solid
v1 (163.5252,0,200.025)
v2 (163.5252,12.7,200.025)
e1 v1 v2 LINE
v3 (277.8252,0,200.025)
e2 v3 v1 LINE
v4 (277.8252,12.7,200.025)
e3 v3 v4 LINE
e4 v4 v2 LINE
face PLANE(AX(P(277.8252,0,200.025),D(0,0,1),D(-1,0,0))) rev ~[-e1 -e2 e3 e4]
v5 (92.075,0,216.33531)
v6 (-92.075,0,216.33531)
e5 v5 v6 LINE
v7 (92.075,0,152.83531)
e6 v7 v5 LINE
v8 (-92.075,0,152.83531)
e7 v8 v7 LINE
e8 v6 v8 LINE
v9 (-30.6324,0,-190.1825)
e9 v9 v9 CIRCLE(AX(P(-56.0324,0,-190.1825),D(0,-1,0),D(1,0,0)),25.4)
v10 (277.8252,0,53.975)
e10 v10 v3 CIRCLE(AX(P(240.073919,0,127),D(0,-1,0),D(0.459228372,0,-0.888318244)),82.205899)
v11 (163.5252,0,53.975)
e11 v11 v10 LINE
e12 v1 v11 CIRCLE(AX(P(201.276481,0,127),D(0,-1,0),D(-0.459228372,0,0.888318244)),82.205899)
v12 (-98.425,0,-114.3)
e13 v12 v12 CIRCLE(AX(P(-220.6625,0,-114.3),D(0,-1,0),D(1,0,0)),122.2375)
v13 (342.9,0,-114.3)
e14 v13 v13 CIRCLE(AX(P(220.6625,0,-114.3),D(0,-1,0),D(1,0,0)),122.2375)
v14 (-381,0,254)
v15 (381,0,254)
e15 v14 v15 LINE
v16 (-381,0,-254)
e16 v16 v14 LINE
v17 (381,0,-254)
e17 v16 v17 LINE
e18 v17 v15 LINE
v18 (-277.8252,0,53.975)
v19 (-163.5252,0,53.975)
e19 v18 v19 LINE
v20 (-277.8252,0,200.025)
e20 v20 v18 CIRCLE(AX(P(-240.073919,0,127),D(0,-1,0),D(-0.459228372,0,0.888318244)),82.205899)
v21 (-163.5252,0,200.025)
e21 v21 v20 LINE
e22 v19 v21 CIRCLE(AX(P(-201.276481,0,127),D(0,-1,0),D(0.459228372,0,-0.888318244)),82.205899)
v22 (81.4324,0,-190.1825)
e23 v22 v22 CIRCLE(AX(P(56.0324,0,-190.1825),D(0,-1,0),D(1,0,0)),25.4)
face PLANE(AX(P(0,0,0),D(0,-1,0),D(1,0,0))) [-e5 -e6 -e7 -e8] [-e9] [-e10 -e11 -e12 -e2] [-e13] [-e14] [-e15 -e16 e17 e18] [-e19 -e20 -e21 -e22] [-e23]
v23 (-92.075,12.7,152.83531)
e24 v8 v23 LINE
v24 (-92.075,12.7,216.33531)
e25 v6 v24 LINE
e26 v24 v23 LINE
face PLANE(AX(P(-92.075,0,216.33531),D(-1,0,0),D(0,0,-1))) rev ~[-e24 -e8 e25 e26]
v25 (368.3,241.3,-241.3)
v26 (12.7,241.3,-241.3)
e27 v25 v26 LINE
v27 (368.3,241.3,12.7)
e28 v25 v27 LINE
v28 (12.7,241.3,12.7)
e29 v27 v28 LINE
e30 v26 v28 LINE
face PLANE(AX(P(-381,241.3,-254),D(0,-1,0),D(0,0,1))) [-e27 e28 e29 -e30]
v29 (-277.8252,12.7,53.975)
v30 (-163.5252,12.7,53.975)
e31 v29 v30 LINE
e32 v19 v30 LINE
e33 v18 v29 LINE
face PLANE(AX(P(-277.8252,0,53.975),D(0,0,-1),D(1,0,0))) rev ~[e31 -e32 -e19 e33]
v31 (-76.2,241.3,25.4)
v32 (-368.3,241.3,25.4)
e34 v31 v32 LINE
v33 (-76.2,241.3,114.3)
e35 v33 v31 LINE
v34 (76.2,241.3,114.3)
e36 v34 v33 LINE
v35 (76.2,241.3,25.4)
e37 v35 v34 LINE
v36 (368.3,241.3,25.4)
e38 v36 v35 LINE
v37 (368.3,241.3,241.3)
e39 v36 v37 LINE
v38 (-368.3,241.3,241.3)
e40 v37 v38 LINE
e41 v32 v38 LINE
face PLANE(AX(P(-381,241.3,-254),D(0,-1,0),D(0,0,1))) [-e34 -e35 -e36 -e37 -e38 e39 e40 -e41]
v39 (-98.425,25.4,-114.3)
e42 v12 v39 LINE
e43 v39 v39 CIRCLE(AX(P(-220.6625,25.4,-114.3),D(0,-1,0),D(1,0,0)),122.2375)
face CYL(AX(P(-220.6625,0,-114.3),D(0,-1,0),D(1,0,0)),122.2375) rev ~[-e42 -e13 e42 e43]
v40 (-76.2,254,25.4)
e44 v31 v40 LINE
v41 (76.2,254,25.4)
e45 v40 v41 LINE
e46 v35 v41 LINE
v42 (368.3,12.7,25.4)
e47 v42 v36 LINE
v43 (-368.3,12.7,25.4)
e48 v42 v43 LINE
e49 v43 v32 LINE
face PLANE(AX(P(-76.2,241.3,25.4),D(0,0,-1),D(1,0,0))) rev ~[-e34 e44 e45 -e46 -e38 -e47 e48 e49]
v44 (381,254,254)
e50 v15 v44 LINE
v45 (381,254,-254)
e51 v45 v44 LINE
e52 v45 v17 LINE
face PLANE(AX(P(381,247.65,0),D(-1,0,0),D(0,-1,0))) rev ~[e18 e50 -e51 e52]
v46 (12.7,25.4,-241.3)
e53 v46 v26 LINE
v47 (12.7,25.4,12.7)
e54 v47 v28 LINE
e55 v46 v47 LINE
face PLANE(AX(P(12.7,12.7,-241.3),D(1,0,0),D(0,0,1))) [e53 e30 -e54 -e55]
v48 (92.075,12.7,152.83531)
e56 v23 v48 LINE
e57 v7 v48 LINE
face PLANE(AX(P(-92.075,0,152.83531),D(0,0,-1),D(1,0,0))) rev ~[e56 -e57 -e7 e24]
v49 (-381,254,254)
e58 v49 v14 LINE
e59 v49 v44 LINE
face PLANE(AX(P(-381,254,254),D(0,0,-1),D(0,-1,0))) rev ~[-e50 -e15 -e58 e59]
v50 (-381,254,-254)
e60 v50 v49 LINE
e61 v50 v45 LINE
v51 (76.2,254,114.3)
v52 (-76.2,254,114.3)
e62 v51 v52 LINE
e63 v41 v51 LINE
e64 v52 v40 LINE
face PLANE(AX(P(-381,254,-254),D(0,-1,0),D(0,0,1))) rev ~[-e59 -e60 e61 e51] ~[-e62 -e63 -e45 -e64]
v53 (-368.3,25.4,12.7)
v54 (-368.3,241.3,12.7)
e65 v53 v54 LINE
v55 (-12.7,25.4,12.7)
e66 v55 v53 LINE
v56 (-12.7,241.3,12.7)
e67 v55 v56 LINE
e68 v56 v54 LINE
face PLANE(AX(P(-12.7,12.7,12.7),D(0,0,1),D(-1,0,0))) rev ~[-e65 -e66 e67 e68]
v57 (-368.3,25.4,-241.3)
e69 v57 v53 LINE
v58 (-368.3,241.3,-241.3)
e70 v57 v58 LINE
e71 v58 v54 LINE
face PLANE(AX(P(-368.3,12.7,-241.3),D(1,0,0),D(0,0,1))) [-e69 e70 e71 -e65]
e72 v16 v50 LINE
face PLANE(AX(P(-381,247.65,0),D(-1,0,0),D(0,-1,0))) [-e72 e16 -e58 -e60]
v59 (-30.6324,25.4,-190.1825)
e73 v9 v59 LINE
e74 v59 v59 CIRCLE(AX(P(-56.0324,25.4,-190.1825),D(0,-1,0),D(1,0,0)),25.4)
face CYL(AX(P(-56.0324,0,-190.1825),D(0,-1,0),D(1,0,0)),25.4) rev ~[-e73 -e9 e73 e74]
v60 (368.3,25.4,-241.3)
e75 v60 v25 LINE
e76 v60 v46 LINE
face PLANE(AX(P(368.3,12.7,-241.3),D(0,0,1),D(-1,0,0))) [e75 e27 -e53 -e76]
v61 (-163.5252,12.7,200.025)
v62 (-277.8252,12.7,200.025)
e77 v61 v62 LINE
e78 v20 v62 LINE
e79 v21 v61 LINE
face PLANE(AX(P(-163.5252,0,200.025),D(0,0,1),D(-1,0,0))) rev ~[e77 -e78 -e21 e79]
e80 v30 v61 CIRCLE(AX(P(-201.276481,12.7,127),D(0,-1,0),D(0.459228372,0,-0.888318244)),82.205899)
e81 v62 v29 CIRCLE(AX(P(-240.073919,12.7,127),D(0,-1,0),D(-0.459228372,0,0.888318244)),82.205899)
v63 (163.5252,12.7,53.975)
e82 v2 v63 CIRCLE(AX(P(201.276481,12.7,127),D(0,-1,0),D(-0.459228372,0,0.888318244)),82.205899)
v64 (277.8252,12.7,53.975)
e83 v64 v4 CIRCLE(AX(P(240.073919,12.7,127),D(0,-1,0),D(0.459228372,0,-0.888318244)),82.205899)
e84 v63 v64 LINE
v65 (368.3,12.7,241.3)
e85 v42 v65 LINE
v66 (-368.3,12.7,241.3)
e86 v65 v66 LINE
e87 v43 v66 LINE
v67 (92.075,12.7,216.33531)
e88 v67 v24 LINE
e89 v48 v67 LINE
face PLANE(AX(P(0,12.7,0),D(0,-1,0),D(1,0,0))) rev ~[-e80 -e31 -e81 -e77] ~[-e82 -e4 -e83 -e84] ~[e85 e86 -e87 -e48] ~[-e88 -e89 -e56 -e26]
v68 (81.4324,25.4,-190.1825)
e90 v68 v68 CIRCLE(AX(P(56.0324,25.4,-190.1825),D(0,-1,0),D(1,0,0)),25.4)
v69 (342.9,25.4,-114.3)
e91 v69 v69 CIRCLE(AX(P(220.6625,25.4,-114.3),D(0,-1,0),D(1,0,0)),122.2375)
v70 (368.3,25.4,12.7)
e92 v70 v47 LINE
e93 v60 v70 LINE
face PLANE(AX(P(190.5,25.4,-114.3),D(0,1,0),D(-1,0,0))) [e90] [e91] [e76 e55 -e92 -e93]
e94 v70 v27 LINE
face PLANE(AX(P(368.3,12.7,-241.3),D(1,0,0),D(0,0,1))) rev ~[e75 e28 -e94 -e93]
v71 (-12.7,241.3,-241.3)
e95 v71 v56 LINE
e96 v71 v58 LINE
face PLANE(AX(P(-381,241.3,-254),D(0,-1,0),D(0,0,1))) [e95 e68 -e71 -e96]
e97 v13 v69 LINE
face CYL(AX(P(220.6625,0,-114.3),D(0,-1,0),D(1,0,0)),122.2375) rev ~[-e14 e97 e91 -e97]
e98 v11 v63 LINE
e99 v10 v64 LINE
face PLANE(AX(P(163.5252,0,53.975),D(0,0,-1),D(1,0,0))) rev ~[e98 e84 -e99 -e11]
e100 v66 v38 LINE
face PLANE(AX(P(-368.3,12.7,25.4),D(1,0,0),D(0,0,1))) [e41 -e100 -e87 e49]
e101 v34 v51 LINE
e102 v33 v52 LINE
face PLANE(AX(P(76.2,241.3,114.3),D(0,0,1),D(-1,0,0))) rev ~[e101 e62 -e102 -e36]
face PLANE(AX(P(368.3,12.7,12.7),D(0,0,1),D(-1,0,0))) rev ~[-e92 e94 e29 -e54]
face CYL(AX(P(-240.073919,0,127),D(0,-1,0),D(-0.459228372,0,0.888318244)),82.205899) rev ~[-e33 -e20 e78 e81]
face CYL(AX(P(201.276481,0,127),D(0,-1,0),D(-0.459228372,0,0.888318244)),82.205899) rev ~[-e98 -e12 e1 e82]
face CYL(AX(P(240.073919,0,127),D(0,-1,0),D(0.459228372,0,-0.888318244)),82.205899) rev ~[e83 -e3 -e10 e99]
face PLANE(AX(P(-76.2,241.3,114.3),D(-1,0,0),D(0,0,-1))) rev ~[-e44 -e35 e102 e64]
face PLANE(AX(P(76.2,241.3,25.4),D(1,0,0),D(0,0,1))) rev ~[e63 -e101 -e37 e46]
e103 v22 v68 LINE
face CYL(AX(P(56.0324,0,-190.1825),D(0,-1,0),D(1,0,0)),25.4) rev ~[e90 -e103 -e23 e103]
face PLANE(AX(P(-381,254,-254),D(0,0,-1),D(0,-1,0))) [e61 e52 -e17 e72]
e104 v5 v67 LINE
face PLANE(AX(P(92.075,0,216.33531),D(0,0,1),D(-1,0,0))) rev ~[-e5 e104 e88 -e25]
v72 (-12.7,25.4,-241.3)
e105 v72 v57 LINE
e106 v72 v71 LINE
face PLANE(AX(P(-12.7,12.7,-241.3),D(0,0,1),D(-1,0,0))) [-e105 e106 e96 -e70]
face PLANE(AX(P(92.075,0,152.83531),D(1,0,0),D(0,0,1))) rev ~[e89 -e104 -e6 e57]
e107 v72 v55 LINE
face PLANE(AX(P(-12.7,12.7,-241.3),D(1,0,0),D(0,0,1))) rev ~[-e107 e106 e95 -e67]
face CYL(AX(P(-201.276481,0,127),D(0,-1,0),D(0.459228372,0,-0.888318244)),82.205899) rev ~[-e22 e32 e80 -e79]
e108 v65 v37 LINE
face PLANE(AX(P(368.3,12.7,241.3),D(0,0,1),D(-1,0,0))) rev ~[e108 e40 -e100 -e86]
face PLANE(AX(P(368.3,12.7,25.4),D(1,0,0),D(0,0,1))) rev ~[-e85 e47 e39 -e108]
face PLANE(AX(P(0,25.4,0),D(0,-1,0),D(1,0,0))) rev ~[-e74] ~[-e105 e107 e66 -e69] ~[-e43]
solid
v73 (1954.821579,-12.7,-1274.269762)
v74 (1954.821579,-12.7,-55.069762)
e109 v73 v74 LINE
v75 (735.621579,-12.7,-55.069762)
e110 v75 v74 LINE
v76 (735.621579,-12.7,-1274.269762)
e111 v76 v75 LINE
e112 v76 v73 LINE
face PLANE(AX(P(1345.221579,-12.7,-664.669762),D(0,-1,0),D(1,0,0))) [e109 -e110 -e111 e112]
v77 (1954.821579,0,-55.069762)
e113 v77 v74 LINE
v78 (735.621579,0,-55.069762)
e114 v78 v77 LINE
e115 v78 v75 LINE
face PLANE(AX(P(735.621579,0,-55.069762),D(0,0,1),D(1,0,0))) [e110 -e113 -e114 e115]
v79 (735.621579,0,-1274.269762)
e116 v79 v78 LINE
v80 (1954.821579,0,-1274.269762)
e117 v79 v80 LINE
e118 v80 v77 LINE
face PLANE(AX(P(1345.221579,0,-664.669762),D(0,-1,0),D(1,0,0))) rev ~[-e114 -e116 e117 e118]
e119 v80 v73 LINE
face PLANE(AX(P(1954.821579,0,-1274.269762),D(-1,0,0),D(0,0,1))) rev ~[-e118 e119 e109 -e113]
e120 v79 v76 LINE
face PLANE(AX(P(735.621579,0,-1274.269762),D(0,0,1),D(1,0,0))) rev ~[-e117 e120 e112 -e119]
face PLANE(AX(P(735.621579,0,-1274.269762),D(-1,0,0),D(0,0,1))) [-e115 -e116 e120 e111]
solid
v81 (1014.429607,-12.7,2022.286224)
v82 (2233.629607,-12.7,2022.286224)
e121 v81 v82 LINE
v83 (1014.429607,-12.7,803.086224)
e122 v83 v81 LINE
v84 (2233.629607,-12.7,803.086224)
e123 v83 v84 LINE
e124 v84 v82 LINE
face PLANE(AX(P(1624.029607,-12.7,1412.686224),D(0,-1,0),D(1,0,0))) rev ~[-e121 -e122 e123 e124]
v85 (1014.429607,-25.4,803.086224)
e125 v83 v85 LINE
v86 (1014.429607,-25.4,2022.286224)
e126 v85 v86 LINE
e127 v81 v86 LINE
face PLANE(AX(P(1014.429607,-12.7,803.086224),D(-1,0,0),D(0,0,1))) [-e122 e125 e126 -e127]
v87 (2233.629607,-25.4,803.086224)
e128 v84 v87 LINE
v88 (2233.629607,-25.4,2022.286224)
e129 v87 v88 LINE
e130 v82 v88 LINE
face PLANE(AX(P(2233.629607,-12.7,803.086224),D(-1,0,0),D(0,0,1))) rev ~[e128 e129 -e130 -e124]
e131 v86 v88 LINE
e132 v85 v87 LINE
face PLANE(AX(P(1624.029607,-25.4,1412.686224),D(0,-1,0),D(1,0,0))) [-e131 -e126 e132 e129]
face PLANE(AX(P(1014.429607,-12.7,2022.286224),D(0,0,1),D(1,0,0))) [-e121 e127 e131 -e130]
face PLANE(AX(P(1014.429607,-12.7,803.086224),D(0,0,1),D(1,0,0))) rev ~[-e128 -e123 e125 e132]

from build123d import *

# Parameters (mm, degrees)
F0_W      = 762
F0_H      = 508
F1_DEPTH  = 12.7
F2_W      = 762
F2_H      = 508
F2_W_2    = 355.6
F2_H_2    = 254
F2_W_3    = 736.6
F2_H_3    = 215.9
F3_DEPTH  = 228.6
F4_W      = 355.6
F4_H      = 254
F5_DEPTH  = 12.7
F6_DEPTH  = 12.7
F7_R      = 122.2375
F8_DEPTH  = 25.4
F9_R      = 25.4
F10_DEPTH = 25.4
F12_DEPTH = 25.4
F14_DEPTH = 12.7
F15_W     = 12.7
F15_H     = 508
F16_DEPTH = 762
F18_DEPTH = 12.7
F19_W     = 1219.2
F19_H     = 1219.2
F20_DEPTH = 12.7
F21_W     = 1219.2
F21_H     = 1219.2
F22_DEPTH = 12.7


with BuildPart() as f1:
    # F0 (on Front) → F1 (new body)
    with BuildSketch(Plane.XZ):
        Rectangle(F0_W, F0_H)
    extrude(amount=-F1_DEPTH)

    # F2 (on face) → F3 (join)
    with BuildSketch(Plane(origin=(0, 12.7, 0), x_dir=(-1, 0, 0), z_dir=(0, 1, 0))):
        Rectangle(F2_W, F2_H)
        with Locations((-190.5, -114.3)):
            Rectangle(F2_W_2, F2_H_2, mode=Mode.SUBTRACT)
        with Locations((190.5, -114.3)):
            Rectangle(F2_W_2, F2_H_2, mode=Mode.SUBTRACT)
        with Locations((0, 133.35)):
            Rectangle(F2_W_3, F2_H_3, mode=Mode.SUBTRACT)
    extrude(amount=F3_DEPTH)

    # F4 (on face) → F5 (join)
    with BuildSketch(Plane(origin=(0, 12.7, 0), x_dir=(-1, 0, 0), z_dir=(0, 1, 0))):
        with Locations((-190.5, -114.3)):
            Rectangle(F4_W, F4_H)
    extrude(amount=F5_DEPTH)

    # F6 (add): a face of the model
    f6_faces = [f1.faces().sort_by_distance(p)[0] for p in [
        (-190.5, 12.7, -114.3),
    ]]
    extrude(f6_faces, amount=F6_DEPTH)

    # F7 (on face) → F8 (cut)
    with BuildSketch(Plane.XZ):
        with Locations((-220.6625, -114.3)):
            Circle(F7_R)
        with Locations((220.6625, -114.3)):
            Circle(F7_R)
    extrude(amount=-F8_DEPTH, mode=Mode.SUBTRACT)

    # F9 (on face) → F10 (cut)
    with BuildSketch(Plane.XZ):
        with Locations((-56.0324, -190.1825)):
            Circle(F9_R)
        with Locations((56.0324, -190.1825)):
            Circle(F9_R)
    extrude(amount=-F10_DEPTH, mode=Mode.SUBTRACT)

    # F11 (on face) → F12 (cut)
    with BuildSketch(Plane.XZ):
        Polygon((92.075, 216.3353095055), (0, 216.3353095055), (-92.075, 216.3353095055), (-92.075, 152.8353095055), (0, 152.8353095055), (92.075, 152.8353095055), align=None)
    extrude(amount=-F12_DEPTH, mode=Mode.SUBTRACT)

    # F13 (on face) → F14 (cut)
    with BuildSketch(Plane.XZ):
        with BuildLine():
            Line((-277.8252, 53.975), (-220.6752, 53.975))
            Line((-220.6752, 53.975), (-163.5252, 53.975))
            ThreePointArc((-163.5252, 53.975), (-119.0705820918, 127), (-163.5252, 200.025))
            Line((-163.5252, 200.025), (-220.6752, 200.025))
            Line((-220.6752, 200.025), (-277.8252, 200.025))
            ThreePointArc((-277.8252, 200.025), (-322.2798179082, 127), (-277.8252, 53.975))
        make_face()
        with BuildLine():
            ThreePointArc((163.5252, 200.025), (119.0705820918, 127), (163.5252, 53.975))
            Line((163.5252, 53.975), (220.6752, 53.975))
            Line((220.6752, 53.975), (277.8252, 53.975))
            ThreePointArc((277.8252, 53.975), (322.2798179082, 127), (277.8252, 200.025))
            Line((277.8252, 200.025), (220.6752, 200.025))
            Line((220.6752, 200.025), (163.5252, 200.025))
        make_face()
    extrude(amount=-F14_DEPTH, mode=Mode.SUBTRACT)

    # F15 (on face) → F16 (join)
    with BuildSketch(Plane(origin=(-381, 0, 0), x_dir=(0, -1, 0), z_dir=(-1, 0, 0))):
        with Locations((-247.65, 0)):
            Rectangle(F15_W, F15_H)
    extrude(amount=-F16_DEPTH)

    # F17 (on face) → F18 (cut)
    with BuildSketch(Plane.XZ.offset(-241.3)):
        Polygon((-76.2, 25.4), (0, 25.4), (76.2, 25.4), (76.2, 69.85), (76.2, 114.3), (-76.2, 114.3), (-76.2, 69.85), align=None)
    extrude(amount=-F18_DEPTH, mode=Mode.SUBTRACT)


with BuildPart() as f20:
    # F19 (on face) → F20 (new body)
    with BuildSketch(Plane.XZ):
        with Locations((1345.2215790749, -664.6697623745)):
            Rectangle(F19_W, F19_H)
    extrude(amount=F20_DEPTH)


with BuildPart() as f22:
    # F21 (on face) → F22 (new body)
    with BuildSketch(Plane.XZ.offset(12.7)):
        with Locations((1624.0296065807, 1412.6862236522)):
            Rectangle(F21_W, F21_H)
    extrude(amount=F22_DEPTH)


solid = Compound([f1.part, f20.part, f22.part])
